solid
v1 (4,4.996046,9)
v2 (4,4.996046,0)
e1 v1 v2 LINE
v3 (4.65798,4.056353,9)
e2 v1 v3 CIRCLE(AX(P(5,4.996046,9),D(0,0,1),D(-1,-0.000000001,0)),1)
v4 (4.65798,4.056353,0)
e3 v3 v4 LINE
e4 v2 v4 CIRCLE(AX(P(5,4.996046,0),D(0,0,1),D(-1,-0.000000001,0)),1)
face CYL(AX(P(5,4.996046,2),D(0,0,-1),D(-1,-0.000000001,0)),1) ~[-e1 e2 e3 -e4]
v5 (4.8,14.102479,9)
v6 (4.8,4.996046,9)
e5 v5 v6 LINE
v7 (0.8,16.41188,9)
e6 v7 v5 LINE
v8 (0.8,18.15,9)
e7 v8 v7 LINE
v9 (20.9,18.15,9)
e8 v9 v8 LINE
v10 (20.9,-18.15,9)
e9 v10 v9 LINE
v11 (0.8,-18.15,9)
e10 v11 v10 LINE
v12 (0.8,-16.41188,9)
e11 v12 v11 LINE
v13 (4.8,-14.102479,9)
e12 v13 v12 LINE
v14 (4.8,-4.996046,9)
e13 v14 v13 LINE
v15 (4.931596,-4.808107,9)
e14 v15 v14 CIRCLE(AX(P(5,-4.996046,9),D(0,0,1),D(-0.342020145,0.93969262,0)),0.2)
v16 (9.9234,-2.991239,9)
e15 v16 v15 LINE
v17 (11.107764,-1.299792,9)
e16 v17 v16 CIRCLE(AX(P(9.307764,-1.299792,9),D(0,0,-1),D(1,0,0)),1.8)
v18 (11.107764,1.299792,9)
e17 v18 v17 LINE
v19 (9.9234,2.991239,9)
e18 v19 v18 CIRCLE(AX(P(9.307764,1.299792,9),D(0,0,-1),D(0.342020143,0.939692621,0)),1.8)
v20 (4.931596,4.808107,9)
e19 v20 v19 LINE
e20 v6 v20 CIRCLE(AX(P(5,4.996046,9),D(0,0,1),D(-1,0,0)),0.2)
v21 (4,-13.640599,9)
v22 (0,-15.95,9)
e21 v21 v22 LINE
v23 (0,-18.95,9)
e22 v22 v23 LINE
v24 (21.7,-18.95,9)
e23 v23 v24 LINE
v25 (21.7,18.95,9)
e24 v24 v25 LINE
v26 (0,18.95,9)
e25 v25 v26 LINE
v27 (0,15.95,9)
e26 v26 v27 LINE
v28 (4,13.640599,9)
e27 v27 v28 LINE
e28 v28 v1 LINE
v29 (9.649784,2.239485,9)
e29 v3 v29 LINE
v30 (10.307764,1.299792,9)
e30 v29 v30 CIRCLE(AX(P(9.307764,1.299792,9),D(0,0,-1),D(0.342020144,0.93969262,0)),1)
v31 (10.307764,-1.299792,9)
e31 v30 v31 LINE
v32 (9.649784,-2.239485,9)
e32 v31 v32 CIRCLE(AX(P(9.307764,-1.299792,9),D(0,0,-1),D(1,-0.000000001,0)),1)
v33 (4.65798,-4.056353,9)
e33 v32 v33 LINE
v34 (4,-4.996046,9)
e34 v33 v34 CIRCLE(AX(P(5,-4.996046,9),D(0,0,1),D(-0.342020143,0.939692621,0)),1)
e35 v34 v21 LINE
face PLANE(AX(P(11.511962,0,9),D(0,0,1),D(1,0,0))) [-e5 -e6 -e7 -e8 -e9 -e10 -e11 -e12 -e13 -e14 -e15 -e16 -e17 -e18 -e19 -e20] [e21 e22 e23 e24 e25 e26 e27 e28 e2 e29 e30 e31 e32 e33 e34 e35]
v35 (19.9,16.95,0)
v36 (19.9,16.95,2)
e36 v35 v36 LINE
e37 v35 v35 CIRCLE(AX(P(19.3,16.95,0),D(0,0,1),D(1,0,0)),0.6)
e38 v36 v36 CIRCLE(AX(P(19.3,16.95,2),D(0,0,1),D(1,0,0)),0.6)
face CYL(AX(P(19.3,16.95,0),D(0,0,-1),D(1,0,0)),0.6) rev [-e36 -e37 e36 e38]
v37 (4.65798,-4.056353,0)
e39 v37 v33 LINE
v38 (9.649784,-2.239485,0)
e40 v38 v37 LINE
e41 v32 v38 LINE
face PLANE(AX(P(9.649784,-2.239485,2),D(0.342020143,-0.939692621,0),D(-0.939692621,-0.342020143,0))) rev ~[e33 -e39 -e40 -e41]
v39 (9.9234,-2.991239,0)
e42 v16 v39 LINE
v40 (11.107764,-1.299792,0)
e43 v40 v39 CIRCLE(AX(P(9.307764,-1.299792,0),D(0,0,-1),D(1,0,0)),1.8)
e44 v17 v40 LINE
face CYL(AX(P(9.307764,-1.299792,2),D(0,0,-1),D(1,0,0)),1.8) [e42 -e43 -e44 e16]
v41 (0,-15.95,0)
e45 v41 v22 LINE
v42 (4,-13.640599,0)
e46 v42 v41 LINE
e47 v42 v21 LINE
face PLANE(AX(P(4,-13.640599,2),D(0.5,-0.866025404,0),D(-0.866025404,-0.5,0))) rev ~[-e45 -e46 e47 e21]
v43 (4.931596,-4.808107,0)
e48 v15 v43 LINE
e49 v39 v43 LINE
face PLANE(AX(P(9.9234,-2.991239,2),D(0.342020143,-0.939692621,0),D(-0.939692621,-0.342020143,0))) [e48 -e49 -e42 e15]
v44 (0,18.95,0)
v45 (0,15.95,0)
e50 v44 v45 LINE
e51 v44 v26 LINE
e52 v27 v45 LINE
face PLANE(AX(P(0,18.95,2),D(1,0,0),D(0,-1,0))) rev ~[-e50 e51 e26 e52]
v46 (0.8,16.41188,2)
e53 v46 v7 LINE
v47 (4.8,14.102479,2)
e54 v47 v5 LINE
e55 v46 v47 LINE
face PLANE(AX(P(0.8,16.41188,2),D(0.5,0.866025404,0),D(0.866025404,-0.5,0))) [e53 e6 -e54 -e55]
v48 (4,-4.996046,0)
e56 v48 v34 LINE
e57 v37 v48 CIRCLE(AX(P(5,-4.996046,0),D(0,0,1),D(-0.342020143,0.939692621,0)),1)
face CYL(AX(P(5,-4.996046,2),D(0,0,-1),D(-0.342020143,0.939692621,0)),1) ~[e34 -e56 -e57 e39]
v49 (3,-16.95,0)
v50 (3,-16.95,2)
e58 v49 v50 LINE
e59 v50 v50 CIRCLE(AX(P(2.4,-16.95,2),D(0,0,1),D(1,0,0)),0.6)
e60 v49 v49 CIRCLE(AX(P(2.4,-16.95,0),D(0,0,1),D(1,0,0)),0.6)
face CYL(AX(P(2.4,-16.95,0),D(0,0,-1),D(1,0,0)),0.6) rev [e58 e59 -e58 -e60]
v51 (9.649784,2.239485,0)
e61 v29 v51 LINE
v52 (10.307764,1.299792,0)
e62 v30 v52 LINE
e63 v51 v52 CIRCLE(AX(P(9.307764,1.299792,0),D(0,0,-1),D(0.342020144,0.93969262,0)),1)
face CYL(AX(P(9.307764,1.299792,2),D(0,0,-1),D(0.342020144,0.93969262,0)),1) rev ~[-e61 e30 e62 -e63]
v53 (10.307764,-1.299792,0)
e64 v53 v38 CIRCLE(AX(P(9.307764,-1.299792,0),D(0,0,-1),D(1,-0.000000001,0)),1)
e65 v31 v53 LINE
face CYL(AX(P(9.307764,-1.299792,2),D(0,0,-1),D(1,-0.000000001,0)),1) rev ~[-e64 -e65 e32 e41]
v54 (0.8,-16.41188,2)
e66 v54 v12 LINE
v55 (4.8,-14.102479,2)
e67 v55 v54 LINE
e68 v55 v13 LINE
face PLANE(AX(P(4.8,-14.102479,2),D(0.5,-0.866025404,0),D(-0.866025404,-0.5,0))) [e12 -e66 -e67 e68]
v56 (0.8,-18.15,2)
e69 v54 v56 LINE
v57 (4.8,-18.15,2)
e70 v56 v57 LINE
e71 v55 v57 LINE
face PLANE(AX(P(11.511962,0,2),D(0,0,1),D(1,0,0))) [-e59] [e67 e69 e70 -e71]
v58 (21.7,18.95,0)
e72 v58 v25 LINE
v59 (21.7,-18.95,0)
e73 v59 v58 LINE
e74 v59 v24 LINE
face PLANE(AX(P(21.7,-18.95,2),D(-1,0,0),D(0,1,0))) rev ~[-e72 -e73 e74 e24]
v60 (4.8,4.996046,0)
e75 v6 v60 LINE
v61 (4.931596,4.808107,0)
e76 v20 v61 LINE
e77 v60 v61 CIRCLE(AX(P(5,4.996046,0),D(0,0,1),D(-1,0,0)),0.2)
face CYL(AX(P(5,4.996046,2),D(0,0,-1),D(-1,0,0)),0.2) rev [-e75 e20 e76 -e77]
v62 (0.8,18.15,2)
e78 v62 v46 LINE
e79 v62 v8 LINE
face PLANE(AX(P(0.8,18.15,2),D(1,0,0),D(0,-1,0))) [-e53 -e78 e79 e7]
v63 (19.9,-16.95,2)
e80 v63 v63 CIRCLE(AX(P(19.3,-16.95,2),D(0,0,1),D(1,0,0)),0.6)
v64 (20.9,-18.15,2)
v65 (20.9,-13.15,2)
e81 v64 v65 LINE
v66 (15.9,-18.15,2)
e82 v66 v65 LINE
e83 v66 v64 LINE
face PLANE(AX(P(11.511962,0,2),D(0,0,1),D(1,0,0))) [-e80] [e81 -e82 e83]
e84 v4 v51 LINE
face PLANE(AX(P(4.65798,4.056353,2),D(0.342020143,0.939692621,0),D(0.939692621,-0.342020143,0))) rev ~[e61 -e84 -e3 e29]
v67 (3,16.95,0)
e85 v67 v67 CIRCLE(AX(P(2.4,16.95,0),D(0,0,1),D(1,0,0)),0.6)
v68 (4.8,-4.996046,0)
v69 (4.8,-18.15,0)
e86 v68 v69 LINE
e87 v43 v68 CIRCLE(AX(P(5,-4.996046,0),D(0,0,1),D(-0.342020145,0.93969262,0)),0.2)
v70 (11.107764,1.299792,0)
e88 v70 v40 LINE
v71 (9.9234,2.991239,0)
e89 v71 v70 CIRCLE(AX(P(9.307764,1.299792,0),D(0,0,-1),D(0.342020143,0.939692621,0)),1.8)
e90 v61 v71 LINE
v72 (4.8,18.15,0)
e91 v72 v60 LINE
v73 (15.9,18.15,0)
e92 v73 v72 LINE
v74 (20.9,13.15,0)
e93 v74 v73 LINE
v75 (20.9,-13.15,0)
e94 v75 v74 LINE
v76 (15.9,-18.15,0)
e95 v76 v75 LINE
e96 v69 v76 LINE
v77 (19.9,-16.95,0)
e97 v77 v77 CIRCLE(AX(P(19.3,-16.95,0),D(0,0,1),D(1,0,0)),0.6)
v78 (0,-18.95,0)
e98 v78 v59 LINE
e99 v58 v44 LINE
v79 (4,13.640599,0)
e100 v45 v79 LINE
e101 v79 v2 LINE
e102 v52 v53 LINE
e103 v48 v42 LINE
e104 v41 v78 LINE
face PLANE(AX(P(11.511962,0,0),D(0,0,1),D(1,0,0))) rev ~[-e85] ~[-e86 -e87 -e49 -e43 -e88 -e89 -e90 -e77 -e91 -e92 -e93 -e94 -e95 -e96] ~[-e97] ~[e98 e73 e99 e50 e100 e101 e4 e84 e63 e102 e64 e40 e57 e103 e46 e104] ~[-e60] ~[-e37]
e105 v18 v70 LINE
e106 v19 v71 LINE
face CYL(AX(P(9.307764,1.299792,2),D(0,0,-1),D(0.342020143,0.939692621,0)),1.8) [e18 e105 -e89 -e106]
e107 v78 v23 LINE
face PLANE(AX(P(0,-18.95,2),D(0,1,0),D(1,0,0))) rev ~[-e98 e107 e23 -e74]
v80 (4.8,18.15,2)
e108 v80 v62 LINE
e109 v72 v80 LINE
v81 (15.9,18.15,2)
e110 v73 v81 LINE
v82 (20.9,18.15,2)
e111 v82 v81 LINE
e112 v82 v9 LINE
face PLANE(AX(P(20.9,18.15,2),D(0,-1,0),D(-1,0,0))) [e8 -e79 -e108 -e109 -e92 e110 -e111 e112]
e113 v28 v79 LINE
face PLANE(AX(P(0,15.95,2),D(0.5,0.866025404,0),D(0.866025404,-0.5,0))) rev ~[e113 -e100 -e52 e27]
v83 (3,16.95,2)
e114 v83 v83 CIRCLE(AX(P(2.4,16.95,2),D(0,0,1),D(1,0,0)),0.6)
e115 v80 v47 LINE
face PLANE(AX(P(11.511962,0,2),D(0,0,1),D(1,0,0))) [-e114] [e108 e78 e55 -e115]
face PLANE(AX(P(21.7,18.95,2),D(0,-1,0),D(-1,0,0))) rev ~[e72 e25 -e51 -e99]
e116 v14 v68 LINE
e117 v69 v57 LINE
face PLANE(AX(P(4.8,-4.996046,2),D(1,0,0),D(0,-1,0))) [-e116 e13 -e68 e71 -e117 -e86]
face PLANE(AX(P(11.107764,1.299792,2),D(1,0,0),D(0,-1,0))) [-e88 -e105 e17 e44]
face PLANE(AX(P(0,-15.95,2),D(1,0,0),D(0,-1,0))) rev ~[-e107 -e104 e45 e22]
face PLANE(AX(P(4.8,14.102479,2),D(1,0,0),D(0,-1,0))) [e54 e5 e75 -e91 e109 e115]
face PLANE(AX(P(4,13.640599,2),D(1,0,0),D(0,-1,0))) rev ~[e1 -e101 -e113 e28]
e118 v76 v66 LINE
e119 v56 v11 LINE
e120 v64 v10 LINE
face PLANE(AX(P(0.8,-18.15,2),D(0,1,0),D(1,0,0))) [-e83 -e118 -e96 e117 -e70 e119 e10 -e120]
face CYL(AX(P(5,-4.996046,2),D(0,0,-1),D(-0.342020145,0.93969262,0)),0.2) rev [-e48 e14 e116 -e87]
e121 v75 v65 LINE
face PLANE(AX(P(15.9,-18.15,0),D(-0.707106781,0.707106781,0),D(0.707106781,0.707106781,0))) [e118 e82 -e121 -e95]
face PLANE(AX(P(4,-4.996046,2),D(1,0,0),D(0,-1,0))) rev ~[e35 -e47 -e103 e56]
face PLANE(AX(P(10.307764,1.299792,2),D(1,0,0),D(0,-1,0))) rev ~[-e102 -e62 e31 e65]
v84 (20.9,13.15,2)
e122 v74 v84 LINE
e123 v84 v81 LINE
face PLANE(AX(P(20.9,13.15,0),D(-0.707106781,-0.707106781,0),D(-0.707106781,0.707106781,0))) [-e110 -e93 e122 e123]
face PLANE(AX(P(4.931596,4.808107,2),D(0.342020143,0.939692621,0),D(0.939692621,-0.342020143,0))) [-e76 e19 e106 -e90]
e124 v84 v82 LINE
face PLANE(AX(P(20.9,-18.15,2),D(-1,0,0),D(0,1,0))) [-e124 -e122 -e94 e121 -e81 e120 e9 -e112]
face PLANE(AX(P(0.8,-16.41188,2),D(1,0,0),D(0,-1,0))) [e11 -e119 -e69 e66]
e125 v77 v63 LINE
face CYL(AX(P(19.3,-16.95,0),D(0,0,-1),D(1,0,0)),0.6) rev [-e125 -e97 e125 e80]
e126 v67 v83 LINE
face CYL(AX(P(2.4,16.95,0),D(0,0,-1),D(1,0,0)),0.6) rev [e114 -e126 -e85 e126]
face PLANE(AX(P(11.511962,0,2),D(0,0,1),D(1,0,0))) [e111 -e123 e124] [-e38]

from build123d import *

# Parameters (mm, degrees)
SKETCH_1_R      = 0.6
EXTRUDE_1_DEPTH = 2
EXTRUDE_2_DEPTH = 7


with BuildPart() as part:
    # Эскиз1 → Бобышка-Вытянуть1 (new body)
    with BuildSketch(Plane.XY):
        with BuildLine():
            Line((9.649784207, -2.239485083), (4.657979857, -4.056353282))
            ThreePointArc((4.657979857, -4.056353282), (4.180847956, -4.422469466), (4, -4.996045902))
            Line((4, -4.996045902), (4, -13.640598923))
            Line((4, -13.640598923), (0, -15.95))
            Line((0, -15.95), (0, -18.95))
            Line((0, -18.95), (21.7, -18.95))
            Line((21.7, -18.95), (21.7, 18.95))
            Line((21.7, 18.95), (0, 18.95))
            Line((0, 18.95), (0, 15.95))
            Line((0, 15.95), (4, 13.640598923))
            Line((4, 13.640598923), (4, 4.996045902))
            ThreePointArc((4, 4.996045902), (4.180847956, 4.422469466), (4.657979857, 4.056353282))
            Line((4.657979857, 4.056353282), (9.649784207, 2.239485083))
            ThreePointArc((9.649784207, 2.239485083), (10.126916108, 1.873368898), (10.307764064, 1.299792462))
            Line((10.307764064, 1.299792462), (10.307764064, -1.299792462))
            ThreePointArc((10.307764064, -1.299792462), (10.126916108, -1.873368898), (9.649784207, -2.239485083))
        make_face()
        with Locations((2.4, -16.95)):
            Circle(SKETCH_1_R, mode=Mode.SUBTRACT)
        with Locations((2.4, 16.95)):
            Circle(SKETCH_1_R, mode=Mode.SUBTRACT)
        with Locations((19.3, -16.95)):
            Circle(SKETCH_1_R, mode=Mode.SUBTRACT)
        with Locations((19.3, 16.95)):
            Circle(SKETCH_1_R, mode=Mode.SUBTRACT)
        with BuildLine():
            Line((4.8, -18.15), (15.9, -18.15))
            Line((15.9, -18.15), (20.9, -13.15))
            Line((20.9, -13.15), (20.9, 13.15))
            Line((20.9, 13.15), (15.9, 18.15))
            Line((15.9, 18.15), (4.8, 18.15))
            Line((4.8, 18.15), (4.8, 14.102479139))
            Line((4.8, 14.102479139), (4.8, 4.996045902))
            ThreePointArc((4.8, 4.996045902), (4.836169591, 4.881330615), (4.931595971, 4.808107378))
            Line((4.931595971, 4.808107378), (9.923400322, 2.991239179))
            ThreePointArc((9.923400322, 2.991239179), (10.782237744, 2.332230047), (11.107764064, 1.299792462))
            Line((11.107764064, 1.299792462), (11.107764064, -1.299792462))
            ThreePointArc((11.107764064, -1.299792462), (10.782237744, -2.332230047), (9.923400322, -2.991239179))
            Line((9.923400322, -2.991239179), (4.931595971, -4.808107378))
            ThreePointArc((4.931595971, -4.808107378), (4.836169591, -4.881330615), (4.8, -4.996045902))
            Line((4.8, -4.996045902), (4.8, -14.102479139))
            Line((4.8, -14.102479139), (4.8, -18.15))
        make_face(mode=Mode.SUBTRACT)
    extrude(amount=EXTRUDE_1_DEPTH)

    # Эскиз3 → Бобышка-Вытянуть2 (add)
    with BuildSketch(Plane.XY.offset(2)):
        with BuildLine():
            Line((9.649784207, -2.239485083), (4.657979857, -4.056353282))
            ThreePointArc((4.657979857, -4.056353282), (4.180847956, -4.422469466), (4, -4.996045902))
            Line((4, -4.996045902), (4, -13.640598923))
            Line((4, -13.640598923), (0, -15.95))
            Line((0, -15.95), (0, -18.95))
            Line((0, -18.95), (21.7, -18.95))
            Line((21.7, -18.95), (21.7, 18.95))
            Line((21.7, 18.95), (0, 18.95))
            Line((0, 18.95), (0, 15.95))
            Line((0, 15.95), (4, 13.640598923))
            Line((4, 13.640598923), (4, 4.996045902))
            ThreePointArc((4, 4.996045902), (4.180847956, 4.422469466), (4.657979857, 4.056353282))
            Line((4.657979857, 4.056353282), (9.649784207, 2.239485083))
            ThreePointArc((9.649784207, 2.239485083), (10.126916108, 1.873368898), (10.307764064, 1.299792462))
            Line((10.307764064, 1.299792462), (10.307764064, -1.299792462))
            ThreePointArc((10.307764064, -1.299792462), (10.126916108, -1.873368898), (9.649784207, -2.239485083))
        make_face()
        with BuildLine():
            Line((0.8, -18.15), (20.9, -18.15))
            Line((20.9, -18.15), (20.9, 18.15))
            Line((20.9, 18.15), (0.8, 18.15))
            Line((0.8, 18.15), (0.8, 16.411880215))
            Line((0.8, 16.411880215), (4.8, 14.102479139))
            Line((4.8, 14.102479139), (4.8, 4.996045902))
            ThreePointArc((4.8, 4.996045902), (4.836169591, 4.881330615), (4.931595971, 4.808107378))
            Line((4.931595971, 4.808107378), (9.923400322, 2.991239179))
            ThreePointArc((9.923400322, 2.991239179), (10.782237744, 2.332230047), (11.107764064, 1.299792462))
            Line((11.107764064, 1.299792462), (11.107764064, -1.299792462))
            ThreePointArc((11.107764064, -1.299792462), (10.782237744, -2.332230047), (9.923400322, -2.991239179))
            Line((9.923400322, -2.991239179), (4.931595971, -4.808107378))
            ThreePointArc((4.931595971, -4.808107378), (4.836169591, -4.881330615), (4.8, -4.996045902))
            Line((4.8, -4.996045902), (4.8, -14.102479139))
            Line((4.8, -14.102479139), (0.8, -16.411880215))
            Line((0.8, -16.411880215), (0.8, -18.15))
        make_face(mode=Mode.SUBTRACT)
    extrude(amount=EXTRUDE_2_DEPTH)


solid = part.part
